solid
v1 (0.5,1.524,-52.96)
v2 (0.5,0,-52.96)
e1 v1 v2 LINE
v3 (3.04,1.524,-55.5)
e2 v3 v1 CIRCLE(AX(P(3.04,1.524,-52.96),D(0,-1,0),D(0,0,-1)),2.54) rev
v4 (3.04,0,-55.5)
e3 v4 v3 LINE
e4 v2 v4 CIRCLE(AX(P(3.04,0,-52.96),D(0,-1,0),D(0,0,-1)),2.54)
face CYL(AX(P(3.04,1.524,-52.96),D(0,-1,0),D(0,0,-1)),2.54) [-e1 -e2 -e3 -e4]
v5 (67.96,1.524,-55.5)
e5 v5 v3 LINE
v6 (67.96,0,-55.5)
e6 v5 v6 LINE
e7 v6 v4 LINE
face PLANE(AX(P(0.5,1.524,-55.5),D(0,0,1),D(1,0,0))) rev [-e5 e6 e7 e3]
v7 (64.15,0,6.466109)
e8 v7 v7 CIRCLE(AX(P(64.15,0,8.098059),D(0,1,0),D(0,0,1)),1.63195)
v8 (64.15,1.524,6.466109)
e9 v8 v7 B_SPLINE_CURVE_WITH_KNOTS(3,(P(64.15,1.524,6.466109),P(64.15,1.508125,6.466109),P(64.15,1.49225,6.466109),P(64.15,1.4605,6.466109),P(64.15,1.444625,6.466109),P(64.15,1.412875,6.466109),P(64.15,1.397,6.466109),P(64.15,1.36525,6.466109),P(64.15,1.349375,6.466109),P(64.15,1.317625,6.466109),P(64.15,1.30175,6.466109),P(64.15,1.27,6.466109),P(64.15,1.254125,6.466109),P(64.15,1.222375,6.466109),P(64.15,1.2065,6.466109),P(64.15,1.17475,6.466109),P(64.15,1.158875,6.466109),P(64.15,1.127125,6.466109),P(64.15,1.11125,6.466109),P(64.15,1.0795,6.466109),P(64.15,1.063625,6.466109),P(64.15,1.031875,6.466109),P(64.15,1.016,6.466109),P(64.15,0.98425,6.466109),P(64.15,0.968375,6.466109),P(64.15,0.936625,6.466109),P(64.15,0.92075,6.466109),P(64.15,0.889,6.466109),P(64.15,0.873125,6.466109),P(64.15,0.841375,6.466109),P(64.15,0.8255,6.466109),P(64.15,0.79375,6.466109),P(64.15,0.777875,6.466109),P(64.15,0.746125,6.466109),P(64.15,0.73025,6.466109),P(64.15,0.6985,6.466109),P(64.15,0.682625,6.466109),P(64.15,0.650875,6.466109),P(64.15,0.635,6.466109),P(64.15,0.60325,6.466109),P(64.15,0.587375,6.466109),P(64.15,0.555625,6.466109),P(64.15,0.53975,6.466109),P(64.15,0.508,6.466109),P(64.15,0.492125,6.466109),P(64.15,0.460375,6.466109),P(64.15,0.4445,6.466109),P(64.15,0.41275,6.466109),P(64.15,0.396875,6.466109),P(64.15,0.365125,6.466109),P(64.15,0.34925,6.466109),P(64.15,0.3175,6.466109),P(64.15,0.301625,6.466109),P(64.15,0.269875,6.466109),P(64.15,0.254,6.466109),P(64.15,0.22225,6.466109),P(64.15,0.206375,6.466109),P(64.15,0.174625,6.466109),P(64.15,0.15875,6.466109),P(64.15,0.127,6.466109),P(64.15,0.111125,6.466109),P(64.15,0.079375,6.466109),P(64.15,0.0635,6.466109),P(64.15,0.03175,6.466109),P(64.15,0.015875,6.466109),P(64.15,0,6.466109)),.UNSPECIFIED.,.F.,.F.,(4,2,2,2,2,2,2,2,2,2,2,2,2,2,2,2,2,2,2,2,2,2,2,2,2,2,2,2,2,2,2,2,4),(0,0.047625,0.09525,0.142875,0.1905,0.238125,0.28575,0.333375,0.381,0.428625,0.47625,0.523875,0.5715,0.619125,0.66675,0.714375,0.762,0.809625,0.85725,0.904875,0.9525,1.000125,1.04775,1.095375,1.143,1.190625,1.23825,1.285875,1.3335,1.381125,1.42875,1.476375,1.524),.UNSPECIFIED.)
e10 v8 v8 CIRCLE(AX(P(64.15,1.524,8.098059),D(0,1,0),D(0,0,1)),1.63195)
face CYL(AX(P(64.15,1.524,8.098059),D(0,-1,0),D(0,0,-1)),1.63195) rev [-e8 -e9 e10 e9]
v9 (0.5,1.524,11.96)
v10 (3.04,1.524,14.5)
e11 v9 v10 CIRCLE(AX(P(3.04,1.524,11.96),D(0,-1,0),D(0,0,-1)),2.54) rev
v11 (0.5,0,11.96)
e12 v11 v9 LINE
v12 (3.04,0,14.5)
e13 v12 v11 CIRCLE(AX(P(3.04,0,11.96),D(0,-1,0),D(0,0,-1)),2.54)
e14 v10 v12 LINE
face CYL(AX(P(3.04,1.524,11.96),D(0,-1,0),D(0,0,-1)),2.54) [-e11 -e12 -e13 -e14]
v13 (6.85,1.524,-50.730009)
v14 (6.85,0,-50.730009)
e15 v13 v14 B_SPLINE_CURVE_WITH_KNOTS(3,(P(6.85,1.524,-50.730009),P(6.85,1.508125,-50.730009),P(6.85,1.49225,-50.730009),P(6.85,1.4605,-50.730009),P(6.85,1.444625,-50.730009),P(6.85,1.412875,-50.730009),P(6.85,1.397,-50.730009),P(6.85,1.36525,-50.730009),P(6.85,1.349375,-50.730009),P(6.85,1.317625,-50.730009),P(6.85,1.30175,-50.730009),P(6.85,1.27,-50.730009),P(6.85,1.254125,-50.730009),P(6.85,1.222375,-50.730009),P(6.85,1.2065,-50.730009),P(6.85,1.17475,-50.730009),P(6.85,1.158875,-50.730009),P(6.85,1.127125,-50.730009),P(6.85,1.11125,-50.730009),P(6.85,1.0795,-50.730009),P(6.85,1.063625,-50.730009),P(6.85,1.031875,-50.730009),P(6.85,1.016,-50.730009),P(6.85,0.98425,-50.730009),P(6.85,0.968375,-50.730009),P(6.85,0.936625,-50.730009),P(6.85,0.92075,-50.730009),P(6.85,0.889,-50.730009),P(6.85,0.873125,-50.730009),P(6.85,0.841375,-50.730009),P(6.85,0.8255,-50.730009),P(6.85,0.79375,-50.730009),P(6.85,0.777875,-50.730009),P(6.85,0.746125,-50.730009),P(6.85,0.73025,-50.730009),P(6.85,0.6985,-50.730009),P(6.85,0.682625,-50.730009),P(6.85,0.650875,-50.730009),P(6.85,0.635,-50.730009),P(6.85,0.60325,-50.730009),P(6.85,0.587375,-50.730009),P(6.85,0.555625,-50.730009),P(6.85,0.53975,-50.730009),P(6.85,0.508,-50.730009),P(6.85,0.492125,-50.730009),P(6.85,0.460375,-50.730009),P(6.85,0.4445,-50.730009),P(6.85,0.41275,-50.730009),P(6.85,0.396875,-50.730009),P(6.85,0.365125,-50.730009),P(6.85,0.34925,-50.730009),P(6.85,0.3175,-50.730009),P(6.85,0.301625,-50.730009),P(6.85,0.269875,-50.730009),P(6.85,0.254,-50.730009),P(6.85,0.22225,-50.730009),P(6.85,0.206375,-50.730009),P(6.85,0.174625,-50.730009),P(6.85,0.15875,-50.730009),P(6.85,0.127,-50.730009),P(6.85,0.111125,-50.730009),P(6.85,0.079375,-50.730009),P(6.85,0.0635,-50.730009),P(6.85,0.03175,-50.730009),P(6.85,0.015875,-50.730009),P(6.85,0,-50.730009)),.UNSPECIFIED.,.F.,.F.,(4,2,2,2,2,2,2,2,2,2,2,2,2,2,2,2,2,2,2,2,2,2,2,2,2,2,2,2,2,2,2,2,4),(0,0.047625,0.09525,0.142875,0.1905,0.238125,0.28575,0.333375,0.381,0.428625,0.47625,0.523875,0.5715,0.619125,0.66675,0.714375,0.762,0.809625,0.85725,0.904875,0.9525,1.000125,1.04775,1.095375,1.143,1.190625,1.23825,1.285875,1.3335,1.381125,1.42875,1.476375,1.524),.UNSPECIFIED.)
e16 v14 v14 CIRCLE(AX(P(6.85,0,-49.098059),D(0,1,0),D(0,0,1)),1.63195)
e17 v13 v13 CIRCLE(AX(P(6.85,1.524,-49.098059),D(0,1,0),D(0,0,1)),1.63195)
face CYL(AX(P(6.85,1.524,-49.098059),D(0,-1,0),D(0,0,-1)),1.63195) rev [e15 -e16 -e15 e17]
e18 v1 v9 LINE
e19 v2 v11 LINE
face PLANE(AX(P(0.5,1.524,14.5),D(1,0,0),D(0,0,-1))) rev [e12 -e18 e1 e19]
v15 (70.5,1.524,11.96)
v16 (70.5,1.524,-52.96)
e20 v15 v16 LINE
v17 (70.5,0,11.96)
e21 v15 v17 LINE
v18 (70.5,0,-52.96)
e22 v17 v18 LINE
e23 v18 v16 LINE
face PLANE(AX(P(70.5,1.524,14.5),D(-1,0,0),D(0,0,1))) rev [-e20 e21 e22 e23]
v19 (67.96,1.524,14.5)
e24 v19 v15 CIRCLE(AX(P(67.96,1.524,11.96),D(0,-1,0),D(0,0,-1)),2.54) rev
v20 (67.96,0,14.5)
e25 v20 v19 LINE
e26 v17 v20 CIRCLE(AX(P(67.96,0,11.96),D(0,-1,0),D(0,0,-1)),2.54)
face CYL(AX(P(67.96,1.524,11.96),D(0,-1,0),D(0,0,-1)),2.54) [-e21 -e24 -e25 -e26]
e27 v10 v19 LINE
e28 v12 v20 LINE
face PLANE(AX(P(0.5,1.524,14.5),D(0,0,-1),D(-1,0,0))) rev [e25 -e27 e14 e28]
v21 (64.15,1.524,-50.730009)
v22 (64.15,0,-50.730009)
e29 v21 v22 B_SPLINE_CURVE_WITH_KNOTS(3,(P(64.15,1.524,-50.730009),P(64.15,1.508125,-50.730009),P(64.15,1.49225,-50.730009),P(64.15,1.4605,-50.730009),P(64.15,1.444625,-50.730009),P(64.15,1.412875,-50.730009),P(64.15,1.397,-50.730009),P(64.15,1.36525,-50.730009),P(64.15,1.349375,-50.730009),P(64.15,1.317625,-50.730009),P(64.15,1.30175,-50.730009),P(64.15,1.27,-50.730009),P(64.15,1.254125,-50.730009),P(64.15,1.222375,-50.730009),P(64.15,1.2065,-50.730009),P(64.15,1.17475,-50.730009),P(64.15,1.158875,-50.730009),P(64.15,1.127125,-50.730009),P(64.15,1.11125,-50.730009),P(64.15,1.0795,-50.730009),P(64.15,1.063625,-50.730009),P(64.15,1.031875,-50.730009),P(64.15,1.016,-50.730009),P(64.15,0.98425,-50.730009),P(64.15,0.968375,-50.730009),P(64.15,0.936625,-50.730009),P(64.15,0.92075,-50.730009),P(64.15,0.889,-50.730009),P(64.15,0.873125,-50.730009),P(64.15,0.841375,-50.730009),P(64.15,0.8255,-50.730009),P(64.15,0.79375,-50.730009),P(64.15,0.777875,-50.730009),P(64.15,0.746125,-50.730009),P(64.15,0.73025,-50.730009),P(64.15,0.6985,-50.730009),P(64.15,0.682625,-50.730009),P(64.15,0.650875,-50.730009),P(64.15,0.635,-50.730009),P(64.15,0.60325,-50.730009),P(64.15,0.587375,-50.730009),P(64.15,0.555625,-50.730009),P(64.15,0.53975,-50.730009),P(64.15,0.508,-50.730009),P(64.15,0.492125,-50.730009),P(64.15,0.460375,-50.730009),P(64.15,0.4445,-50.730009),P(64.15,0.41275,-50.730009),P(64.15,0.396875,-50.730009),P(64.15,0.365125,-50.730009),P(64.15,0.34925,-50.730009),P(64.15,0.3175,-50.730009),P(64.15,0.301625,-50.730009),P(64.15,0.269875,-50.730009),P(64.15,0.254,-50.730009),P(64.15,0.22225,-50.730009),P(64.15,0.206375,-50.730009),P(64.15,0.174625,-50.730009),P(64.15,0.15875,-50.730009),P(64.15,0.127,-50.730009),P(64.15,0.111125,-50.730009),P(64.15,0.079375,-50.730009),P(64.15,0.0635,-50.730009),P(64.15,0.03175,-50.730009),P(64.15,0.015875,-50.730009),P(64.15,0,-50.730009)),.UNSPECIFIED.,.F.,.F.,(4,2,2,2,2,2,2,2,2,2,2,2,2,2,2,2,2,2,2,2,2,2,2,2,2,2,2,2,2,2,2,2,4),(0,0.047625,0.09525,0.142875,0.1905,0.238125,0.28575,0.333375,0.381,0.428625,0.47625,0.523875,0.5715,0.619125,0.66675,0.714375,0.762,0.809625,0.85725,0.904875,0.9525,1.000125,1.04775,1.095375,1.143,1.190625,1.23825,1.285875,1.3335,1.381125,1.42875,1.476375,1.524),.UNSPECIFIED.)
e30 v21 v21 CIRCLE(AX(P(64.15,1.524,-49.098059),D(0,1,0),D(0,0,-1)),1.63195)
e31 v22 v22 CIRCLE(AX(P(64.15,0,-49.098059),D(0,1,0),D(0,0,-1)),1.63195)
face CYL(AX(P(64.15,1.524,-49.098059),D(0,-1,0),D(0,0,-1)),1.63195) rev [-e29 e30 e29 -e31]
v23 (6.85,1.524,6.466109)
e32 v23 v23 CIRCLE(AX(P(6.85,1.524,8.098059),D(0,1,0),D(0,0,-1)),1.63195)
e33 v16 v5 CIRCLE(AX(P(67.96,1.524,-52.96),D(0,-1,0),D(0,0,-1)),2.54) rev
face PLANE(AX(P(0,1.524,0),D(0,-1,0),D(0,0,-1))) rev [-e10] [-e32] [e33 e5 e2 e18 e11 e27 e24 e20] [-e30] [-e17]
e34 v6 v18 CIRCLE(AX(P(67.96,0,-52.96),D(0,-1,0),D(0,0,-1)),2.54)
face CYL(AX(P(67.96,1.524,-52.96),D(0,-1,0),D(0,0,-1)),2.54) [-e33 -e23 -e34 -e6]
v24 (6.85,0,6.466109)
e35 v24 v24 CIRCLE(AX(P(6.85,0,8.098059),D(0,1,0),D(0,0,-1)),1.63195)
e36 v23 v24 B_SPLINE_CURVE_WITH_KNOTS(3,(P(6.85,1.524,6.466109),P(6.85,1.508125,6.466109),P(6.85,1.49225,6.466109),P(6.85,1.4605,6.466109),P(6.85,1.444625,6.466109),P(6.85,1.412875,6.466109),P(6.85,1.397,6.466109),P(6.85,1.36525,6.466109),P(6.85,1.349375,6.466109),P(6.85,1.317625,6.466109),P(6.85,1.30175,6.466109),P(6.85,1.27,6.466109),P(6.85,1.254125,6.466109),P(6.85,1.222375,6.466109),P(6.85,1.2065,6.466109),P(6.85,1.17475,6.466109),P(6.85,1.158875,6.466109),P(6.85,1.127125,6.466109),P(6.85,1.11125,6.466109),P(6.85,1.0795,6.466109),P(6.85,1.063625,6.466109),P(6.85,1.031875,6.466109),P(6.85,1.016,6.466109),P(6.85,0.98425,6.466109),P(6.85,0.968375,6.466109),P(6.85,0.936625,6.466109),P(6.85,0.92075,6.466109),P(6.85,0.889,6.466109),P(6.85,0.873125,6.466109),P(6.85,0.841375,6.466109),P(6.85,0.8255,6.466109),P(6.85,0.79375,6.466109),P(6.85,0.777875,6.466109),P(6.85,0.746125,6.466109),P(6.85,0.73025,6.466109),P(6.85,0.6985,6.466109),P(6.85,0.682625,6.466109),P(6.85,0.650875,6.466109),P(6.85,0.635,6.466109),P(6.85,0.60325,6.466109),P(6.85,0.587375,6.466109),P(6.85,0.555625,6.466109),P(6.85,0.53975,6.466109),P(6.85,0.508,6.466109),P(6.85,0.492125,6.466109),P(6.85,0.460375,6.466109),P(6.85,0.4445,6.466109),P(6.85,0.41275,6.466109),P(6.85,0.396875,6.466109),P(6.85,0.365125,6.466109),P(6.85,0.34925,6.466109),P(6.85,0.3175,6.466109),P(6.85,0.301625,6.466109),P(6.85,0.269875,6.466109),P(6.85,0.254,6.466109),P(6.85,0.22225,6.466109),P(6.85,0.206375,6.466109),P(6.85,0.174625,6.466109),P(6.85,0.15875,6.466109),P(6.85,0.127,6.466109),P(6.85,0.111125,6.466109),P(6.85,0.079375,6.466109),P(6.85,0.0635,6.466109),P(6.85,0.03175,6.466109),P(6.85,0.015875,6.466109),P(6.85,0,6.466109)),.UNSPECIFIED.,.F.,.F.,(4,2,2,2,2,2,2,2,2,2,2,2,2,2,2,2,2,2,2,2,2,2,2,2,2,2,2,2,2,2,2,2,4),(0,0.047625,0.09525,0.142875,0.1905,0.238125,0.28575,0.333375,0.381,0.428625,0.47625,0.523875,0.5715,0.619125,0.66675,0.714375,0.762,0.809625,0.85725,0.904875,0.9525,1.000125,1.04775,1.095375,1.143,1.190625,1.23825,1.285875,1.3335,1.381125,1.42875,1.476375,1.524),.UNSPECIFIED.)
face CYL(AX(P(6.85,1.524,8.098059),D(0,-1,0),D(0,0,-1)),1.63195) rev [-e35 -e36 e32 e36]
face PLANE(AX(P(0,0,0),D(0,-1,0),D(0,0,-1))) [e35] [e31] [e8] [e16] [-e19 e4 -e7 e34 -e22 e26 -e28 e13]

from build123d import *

# Parameters (mm, degrees)
SKETCH1_W           = 70
SKETCH1_H           = 70
SKETCH1_R           = 1.63195
BOSS_EXTRUDE1_DEPTH = 1.524
FILLET1_R           = 2.54


with BuildPart() as part:
    # Sketch1 → Boss-Extrude1 (new body)
    with BuildSketch(Plane(origin=(0, 0, 0), x_dir=(1, 0, 0), z_dir=(0, 1, 0))):
        with Locations((35.5, 20.5)):
            Rectangle(SKETCH1_W, SKETCH1_H)
        with Locations(Location((6.85, 49.098058775, 0), (0, 0, 90))):
            Circle(SKETCH1_R, mode=Mode.SUBTRACT)
        with Locations(Location((6.85, -8.098058775, 0), (0, 0, 90))):
            Circle(SKETCH1_R, mode=Mode.SUBTRACT)
        with Locations(Location((64.15, -8.098058775, 0), (0, 0, 90))):
            Circle(SKETCH1_R, mode=Mode.SUBTRACT)
        with Locations(Location((64.15, 49.098058775, 0), (0, 0, 90))):
            Circle(SKETCH1_R, mode=Mode.SUBTRACT)
    extrude(amount=BOSS_EXTRUDE1_DEPTH)

    # Fillet1
    fillet1_edges = [part.edges().sort_by_distance(p)[0] for p in [
        (0.5, 0.762, -55.5),
        (70.5, 0.762, -55.5),
        (70.5, 0.762, 14.5),
        (0.5, 0.762, 14.5),
    ]]
    fillet(fillet1_edges, radius=FILLET1_R)


solid = part.part
